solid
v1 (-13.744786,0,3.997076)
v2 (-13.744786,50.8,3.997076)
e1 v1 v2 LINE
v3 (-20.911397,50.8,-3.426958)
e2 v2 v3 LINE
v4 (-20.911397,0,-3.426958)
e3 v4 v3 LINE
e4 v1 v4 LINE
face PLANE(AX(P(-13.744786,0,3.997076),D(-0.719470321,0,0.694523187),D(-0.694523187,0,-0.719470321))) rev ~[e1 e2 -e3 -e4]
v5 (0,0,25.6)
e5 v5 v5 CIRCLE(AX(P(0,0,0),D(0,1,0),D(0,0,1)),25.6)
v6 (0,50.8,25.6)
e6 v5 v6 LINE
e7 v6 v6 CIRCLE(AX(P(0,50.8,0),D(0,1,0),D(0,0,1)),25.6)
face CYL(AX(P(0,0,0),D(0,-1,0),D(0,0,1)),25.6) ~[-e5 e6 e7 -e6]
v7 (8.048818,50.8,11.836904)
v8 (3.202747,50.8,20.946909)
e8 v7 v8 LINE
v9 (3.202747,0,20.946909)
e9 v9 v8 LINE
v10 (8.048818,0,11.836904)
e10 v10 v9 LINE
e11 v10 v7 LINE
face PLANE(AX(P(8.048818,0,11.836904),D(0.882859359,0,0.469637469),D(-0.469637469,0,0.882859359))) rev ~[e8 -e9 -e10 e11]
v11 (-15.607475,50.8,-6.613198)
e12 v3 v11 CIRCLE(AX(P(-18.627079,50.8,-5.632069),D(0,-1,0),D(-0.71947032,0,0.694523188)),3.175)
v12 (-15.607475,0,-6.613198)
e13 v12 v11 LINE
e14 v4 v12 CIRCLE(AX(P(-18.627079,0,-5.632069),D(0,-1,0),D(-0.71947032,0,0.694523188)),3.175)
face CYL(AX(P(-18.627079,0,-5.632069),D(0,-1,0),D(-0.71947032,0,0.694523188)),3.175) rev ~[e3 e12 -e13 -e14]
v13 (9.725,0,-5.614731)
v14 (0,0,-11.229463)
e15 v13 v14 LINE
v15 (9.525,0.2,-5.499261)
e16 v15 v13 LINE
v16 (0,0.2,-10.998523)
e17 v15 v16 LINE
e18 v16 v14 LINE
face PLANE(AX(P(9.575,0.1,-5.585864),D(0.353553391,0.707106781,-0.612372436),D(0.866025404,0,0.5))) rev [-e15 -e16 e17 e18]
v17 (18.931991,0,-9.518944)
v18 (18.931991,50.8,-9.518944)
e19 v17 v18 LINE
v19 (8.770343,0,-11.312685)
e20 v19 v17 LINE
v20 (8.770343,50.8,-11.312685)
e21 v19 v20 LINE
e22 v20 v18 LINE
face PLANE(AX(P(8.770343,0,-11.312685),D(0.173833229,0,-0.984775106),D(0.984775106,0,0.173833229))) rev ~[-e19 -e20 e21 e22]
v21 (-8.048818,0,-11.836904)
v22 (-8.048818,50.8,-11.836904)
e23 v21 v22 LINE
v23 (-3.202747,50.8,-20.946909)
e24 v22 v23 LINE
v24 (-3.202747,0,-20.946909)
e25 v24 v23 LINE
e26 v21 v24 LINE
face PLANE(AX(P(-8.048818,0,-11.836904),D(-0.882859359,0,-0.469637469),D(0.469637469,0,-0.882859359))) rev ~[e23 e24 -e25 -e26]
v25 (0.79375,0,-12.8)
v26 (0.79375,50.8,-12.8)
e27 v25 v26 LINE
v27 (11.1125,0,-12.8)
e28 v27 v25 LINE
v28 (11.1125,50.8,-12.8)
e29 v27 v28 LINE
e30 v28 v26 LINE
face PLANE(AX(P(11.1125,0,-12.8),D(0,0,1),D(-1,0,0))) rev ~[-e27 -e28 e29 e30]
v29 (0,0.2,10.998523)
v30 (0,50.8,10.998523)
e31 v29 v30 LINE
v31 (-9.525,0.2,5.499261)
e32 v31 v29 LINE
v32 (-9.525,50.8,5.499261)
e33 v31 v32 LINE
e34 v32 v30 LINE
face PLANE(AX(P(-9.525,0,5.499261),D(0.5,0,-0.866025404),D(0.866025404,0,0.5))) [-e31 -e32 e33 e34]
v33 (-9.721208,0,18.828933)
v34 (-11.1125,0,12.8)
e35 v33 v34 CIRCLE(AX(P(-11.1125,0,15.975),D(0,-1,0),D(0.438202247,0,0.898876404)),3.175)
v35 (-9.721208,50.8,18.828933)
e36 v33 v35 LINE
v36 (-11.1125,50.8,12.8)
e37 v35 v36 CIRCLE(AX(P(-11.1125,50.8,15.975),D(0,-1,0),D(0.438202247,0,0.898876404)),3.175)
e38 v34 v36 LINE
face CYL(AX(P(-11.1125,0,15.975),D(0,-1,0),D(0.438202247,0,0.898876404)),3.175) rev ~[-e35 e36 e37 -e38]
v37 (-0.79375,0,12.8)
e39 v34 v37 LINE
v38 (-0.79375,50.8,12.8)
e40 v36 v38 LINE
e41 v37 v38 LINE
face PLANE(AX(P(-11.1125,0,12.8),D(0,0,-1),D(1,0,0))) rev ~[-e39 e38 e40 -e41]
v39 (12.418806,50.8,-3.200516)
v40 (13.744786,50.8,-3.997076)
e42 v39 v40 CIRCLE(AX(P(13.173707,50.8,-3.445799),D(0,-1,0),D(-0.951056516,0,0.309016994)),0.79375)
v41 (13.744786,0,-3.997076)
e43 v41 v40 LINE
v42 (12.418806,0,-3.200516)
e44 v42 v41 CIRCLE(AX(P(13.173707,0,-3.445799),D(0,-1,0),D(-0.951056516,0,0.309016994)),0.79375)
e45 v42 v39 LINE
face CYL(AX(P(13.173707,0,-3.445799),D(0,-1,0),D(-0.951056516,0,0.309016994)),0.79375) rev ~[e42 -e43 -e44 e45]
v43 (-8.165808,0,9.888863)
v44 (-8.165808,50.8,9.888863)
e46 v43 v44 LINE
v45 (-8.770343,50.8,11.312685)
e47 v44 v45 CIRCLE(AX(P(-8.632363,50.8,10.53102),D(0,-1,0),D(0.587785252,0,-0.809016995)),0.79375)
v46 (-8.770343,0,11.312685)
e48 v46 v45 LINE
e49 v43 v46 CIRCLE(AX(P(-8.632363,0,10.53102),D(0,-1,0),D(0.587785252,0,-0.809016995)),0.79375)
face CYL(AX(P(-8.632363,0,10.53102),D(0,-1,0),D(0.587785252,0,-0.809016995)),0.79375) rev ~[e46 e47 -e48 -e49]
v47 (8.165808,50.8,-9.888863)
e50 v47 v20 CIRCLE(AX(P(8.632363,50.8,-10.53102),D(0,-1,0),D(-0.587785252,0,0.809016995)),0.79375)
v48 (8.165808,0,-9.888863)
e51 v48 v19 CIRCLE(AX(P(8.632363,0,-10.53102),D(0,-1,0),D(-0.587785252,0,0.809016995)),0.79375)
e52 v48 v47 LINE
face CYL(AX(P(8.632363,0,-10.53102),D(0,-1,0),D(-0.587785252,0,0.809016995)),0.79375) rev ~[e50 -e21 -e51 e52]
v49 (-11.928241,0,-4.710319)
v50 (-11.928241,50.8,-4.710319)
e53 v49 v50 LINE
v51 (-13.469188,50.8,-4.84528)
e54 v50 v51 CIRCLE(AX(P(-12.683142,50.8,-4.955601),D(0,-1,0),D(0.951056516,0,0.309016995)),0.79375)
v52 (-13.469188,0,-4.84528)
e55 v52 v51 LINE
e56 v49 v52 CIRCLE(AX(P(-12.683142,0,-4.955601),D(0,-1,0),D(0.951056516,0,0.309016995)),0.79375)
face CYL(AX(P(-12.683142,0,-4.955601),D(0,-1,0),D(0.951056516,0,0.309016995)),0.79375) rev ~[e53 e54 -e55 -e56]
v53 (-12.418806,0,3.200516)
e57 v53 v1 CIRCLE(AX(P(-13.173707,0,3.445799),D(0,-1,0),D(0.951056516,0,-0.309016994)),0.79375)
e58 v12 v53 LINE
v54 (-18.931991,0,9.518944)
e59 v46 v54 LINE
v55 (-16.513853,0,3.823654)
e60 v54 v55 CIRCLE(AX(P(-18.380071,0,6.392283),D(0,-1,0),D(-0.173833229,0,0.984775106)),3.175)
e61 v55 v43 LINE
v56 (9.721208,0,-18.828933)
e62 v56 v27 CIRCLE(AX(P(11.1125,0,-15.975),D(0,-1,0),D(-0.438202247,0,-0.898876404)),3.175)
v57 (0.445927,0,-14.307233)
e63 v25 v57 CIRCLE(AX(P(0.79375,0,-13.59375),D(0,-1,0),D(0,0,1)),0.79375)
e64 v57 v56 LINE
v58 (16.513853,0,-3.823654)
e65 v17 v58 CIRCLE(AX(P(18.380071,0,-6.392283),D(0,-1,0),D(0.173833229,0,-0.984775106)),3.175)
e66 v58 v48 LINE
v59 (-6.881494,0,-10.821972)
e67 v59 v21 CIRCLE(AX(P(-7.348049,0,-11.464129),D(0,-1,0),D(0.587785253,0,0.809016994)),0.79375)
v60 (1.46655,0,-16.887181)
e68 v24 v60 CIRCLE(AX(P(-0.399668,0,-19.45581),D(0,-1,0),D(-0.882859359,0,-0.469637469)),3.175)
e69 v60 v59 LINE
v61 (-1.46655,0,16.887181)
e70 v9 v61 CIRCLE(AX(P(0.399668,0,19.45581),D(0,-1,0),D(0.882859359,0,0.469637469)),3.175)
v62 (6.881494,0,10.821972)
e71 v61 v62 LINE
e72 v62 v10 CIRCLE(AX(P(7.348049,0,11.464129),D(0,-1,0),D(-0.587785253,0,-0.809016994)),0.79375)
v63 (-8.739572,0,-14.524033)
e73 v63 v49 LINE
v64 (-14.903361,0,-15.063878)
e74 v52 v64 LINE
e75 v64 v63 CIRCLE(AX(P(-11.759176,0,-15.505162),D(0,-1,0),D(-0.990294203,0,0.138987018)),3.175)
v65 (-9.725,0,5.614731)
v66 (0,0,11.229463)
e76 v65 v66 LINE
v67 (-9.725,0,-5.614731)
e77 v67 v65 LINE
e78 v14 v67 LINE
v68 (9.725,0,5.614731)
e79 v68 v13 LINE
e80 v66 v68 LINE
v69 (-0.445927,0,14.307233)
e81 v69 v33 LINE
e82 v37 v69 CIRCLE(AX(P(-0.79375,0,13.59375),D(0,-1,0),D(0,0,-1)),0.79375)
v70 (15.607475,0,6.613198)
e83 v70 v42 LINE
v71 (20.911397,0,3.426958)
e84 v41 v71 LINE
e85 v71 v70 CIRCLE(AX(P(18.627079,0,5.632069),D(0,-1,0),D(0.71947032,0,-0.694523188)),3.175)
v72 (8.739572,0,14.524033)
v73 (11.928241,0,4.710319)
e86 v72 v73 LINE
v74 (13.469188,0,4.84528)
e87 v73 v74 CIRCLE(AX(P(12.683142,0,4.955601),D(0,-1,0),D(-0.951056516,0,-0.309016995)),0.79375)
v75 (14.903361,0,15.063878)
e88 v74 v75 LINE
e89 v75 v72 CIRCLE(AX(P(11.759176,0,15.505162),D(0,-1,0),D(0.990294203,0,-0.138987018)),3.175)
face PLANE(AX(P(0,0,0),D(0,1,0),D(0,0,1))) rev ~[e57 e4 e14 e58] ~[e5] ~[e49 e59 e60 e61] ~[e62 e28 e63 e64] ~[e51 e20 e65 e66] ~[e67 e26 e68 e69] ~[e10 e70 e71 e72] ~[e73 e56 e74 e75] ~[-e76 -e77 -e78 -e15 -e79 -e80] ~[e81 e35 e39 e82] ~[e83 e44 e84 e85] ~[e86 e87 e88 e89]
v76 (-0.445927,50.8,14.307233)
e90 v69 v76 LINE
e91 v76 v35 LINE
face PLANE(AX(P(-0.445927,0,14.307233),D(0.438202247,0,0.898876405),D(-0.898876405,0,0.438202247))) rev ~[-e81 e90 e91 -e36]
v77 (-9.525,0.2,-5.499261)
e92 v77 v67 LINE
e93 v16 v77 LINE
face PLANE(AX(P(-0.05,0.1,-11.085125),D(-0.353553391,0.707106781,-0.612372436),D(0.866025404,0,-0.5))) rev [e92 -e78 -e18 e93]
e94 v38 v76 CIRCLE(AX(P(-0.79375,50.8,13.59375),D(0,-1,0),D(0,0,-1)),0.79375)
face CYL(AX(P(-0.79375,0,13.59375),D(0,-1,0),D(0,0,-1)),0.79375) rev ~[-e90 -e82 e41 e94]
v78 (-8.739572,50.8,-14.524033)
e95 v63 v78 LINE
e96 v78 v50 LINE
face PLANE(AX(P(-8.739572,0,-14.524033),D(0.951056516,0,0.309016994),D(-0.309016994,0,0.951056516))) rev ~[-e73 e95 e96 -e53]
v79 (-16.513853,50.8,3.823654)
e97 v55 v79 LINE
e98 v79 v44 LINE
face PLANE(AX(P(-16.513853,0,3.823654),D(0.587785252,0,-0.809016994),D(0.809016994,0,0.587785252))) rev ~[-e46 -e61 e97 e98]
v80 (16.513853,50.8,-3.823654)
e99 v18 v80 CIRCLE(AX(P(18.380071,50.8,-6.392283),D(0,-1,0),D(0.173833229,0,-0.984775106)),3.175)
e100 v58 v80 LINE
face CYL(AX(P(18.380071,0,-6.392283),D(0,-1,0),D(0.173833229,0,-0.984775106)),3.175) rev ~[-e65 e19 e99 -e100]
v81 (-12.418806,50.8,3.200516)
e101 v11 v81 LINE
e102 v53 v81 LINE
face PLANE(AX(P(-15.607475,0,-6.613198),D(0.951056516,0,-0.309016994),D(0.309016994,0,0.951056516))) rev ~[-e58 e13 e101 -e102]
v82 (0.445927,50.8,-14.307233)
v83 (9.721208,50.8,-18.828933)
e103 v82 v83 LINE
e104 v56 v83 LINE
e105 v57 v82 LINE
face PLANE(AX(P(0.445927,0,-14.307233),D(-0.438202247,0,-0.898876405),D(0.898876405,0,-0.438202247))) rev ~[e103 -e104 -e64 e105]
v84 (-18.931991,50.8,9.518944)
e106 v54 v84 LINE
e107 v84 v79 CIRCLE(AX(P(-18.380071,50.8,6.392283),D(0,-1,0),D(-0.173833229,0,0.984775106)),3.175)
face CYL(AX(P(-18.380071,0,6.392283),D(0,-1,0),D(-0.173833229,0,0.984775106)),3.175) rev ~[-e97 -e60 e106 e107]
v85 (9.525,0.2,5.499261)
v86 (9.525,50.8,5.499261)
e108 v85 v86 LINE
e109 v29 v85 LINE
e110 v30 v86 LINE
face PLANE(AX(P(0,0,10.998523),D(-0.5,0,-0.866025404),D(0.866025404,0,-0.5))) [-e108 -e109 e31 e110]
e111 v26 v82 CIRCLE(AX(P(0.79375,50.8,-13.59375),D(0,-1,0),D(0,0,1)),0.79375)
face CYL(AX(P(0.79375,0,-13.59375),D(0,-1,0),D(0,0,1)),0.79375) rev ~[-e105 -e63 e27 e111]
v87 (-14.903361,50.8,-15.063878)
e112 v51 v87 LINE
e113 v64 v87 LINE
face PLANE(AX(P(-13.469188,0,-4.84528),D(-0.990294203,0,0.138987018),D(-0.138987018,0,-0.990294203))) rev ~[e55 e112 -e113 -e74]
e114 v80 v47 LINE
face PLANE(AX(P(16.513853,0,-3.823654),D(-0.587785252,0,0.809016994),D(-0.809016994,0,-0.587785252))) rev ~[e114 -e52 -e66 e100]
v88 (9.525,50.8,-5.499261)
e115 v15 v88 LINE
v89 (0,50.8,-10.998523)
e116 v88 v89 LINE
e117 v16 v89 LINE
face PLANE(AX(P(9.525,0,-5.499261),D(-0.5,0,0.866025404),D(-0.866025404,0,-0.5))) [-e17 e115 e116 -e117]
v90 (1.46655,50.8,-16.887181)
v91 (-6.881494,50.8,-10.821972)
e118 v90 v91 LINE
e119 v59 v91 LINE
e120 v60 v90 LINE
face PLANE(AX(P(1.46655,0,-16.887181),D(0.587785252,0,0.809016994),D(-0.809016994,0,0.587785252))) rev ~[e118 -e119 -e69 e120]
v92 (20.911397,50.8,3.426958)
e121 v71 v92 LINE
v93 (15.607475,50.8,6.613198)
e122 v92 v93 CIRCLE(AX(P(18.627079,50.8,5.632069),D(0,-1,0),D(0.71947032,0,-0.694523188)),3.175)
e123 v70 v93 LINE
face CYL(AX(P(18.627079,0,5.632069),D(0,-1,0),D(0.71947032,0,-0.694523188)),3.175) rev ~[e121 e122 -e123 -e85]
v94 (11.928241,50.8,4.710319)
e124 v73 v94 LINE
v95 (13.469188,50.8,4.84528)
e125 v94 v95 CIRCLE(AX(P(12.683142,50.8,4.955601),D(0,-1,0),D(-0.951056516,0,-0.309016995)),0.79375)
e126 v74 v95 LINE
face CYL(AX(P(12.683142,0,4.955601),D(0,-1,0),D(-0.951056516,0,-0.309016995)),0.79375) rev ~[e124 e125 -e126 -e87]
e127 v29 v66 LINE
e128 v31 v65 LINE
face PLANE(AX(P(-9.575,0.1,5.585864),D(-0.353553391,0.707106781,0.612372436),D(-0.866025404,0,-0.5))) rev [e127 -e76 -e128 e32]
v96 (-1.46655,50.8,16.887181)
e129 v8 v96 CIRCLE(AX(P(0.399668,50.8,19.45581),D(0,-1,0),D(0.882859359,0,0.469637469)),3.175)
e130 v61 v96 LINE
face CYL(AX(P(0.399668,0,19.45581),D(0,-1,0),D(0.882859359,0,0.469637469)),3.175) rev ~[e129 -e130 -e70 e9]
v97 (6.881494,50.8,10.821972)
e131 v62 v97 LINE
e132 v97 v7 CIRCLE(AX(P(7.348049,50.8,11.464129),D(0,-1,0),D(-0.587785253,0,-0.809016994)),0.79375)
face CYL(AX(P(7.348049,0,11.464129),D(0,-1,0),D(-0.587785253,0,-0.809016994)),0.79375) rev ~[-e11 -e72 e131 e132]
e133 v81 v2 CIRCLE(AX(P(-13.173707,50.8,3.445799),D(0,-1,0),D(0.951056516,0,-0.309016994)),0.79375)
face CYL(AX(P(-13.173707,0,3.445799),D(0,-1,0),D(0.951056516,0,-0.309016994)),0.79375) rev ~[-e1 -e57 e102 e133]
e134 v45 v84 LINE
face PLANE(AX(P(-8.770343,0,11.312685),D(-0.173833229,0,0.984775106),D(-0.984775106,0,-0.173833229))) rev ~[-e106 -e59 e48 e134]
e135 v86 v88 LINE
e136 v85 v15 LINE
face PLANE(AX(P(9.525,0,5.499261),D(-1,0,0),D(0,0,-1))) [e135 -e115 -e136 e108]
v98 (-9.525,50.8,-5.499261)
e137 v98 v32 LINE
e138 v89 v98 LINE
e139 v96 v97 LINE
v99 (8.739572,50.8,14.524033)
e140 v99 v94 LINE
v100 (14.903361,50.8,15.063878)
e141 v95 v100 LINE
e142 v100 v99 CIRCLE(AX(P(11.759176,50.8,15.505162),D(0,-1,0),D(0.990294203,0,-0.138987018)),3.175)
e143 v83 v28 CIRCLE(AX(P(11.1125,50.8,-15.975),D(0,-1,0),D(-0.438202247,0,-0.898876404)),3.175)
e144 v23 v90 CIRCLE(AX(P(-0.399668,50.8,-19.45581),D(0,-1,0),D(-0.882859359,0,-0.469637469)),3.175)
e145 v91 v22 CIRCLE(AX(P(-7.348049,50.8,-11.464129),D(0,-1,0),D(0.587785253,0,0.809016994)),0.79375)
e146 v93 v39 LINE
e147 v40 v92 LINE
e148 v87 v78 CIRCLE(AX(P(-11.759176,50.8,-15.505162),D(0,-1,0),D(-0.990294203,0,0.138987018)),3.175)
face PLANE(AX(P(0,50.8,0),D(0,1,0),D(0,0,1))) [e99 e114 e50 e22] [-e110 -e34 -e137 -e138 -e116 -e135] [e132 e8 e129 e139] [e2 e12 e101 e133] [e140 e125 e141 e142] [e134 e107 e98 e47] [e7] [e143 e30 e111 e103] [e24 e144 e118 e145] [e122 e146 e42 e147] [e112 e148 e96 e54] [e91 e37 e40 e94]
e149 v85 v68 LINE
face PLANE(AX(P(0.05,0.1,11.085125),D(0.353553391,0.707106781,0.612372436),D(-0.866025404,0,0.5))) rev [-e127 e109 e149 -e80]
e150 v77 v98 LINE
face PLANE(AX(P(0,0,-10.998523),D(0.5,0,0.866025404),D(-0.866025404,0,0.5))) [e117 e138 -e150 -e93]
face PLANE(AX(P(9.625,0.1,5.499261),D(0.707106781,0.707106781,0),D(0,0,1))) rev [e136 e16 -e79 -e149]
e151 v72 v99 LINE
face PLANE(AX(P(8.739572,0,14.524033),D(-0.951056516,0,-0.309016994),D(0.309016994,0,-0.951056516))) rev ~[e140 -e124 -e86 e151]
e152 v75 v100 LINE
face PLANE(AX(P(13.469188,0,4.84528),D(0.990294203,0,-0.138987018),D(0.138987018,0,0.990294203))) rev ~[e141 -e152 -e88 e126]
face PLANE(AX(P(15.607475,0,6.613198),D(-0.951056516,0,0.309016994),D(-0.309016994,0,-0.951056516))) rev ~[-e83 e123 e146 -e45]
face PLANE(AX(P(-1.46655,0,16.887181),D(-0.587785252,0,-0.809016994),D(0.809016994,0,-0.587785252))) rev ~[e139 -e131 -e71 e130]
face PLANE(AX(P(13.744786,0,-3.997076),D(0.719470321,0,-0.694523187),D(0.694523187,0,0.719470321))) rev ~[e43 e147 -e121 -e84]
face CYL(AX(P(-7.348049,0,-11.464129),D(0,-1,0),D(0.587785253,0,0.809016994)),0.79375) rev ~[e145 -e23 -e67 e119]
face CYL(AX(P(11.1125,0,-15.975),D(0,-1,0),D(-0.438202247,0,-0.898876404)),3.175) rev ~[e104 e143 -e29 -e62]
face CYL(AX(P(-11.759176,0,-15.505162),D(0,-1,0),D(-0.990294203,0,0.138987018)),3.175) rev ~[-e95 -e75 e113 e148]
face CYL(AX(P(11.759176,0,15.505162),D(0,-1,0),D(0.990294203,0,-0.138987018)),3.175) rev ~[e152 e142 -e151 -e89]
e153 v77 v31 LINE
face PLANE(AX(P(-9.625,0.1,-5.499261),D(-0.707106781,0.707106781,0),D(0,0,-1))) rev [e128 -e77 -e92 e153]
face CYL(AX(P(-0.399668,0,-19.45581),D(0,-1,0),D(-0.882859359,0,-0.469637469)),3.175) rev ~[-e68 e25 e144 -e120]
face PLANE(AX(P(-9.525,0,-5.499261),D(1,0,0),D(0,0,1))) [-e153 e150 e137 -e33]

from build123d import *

# Parameters (mm, degrees)
SKETCH1_R           = 25.6
BOSS_EXTRUDE1_DEPTH = 50.8
CHAMFER1_SIZE       = 0.2


with BuildPart() as part:
    # Sketch1 → Boss-Extrude1 (new body)
    with BuildSketch(Plane(origin=(0, 0, 0), x_dir=(1, 0, 0), z_dir=(0, 1, 0))):
        with Locations(Location((0, 0, 0), (0, 0, 270))):
            Circle(SKETCH1_R)
        with BuildLine():
            Line((0.445926966, 14.307233146), (9.721207865, 18.828932584))
            ThreePointArc((9.721207865, 18.828932584), (14.206192046, 16.688928934), (11.1125, 12.8))
            Line((11.1125, 12.8), (0.79375, 12.8))
            ThreePointArc((0.79375, 12.8), (0.020326988, 13.415267767), (0.445926966, 14.307233146))
        make_face(mode=Mode.SUBTRACT)
        with BuildLine():
            Line((8.770343138, 11.312685463), (18.931991258, 9.518943829))
            ThreePointArc((18.931991258, 9.518943829), (21.302557095, 5.151436949), (16.513852579, 3.823653912))
            Line((16.513852579, 3.823653912), (8.165808469, 9.888862984))
            ThreePointArc((8.165808469, 9.888862984), (7.901741428, 10.841231703), (8.770343138, 11.312685463))
        make_face(mode=Mode.SUBTRACT)
        with BuildLine():
            Line((13.744786325, 3.997076438), (20.911397465, -3.426957932))
            ThreePointArc((20.911397465, -3.426957932), (20.26206938, -8.353728859), (15.607474759, -6.613198009))
            Line((15.607474759, -6.613198009), (12.418805648, 3.200516418))
            ThreePointArc((12.418805648, 3.200516418), (12.764959212, 4.126213609), (13.744786325, 3.997076438))
        make_face(mode=Mode.SUBTRACT)
        with BuildLine():
            Line((13.469188303, -4.845279932), (14.903360593, -15.063878241))
            ThreePointArc((14.903360593, -15.063878241), (11.482159845, -18.668054176), (8.739572059, -14.524033065))
            Line((8.739572059, -14.524033065), (11.928241169, -4.710318638))
            ThreePointArc((11.928241169, -4.710318638), (12.752396442, -4.164877839), (13.469188303, -4.845279932))
        make_face(mode=Mode.SUBTRACT)
        with BuildLine():
            Line((8.04881815, -11.836904052), (3.202746521, -20.946909064))
            ThreePointArc((3.202746521, -20.946909064), (-1.683544487, -21.851817301), (-1.466550121, -16.887181144))
            Line((-1.466550121, -16.887181144), (6.88149399, -10.821972072))
            ThreePointArc((6.88149399, -10.821972072), (7.86885167, -10.865127511), (8.04881815, -11.836904052))
        make_face(mode=Mode.SUBTRACT)
        with BuildLine():
            Line((-0.445926966, -14.307233146), (-9.721207865, -18.828932584))
            ThreePointArc((-9.721207865, -18.828932584), (-14.206192046, -16.688928934), (-11.1125, -12.8))
            Line((-11.1125, -12.8), (-0.79375, -12.8))
            ThreePointArc((-0.79375, -12.8), (-0.020326988, -13.415267767), (-0.445926966, -14.307233146))
        make_face(mode=Mode.SUBTRACT)
        with BuildLine():
            Line((-8.770343138, -11.312685463), (-18.931991258, -9.518943829))
            ThreePointArc((-18.931991258, -9.518943829), (-21.302557095, -5.151436949), (-16.513852579, -3.823653912))
            Line((-16.513852579, -3.823653912), (-8.165808469, -9.888862984))
            ThreePointArc((-8.165808469, -9.888862984), (-7.901741428, -10.841231703), (-8.770343138, -11.312685463))
        make_face(mode=Mode.SUBTRACT)
        with BuildLine():
            Line((-13.744786325, -3.997076438), (-20.911397465, 3.426957932))
            ThreePointArc((-20.911397465, 3.426957932), (-20.26206938, 8.353728859), (-15.607474759, 6.613198009))
            Line((-15.607474759, 6.613198009), (-12.418805648, -3.200516418))
            ThreePointArc((-12.418805648, -3.200516418), (-12.764959212, -4.126213609), (-13.744786325, -3.997076438))
        make_face(mode=Mode.SUBTRACT)
        with BuildLine():
            Line((-13.469188303, 4.845279932), (-14.903360593, 15.063878241))
            ThreePointArc((-14.903360593, 15.063878241), (-11.482159845, 18.668054176), (-8.739572059, 14.524033065))
            Line((-8.739572059, 14.524033065), (-11.928241169, 4.710318638))
            ThreePointArc((-11.928241169, 4.710318638), (-12.752396442, 4.164877839), (-13.469188303, 4.845279932))
        make_face(mode=Mode.SUBTRACT)
        with BuildLine():
            Line((-8.04881815, 11.836904052), (-3.202746521, 20.946909064))
            ThreePointArc((-3.202746521, 20.946909064), (1.683544487, 21.851817301), (1.466550121, 16.887181144))
            Line((1.466550121, 16.887181144), (-6.88149399, 10.821972072))
            ThreePointArc((-6.88149399, 10.821972072), (-7.86885167, 10.865127511), (-8.04881815, 11.836904052))
        make_face(mode=Mode.SUBTRACT)
        Polygon((0, 10.998522628), (-9.525, 5.499261314), (-9.525, -5.499261314), (0, -10.998522628), (9.525, -5.499261314), (9.525, 5.499261314), align=None, mode=Mode.SUBTRACT)
    extrude(amount=BOSS_EXTRUDE1_DEPTH)

    # Chamfer1
    chamfer1_edges = [part.edges().sort_by_distance(p)[0] for p in [
        (-4.7625, 0, -8.248891971),
        (-9.525, 0, 0),
        (-4.7625, 0, 8.248891971),
        (4.7625, 0, 8.248891971),
        (9.525, 0, 0),
        (4.7625, 0, -8.248891971),
    ]]
    chamfer(chamfer1_edges, length=CHAMFER1_SIZE)


solid = part.part
